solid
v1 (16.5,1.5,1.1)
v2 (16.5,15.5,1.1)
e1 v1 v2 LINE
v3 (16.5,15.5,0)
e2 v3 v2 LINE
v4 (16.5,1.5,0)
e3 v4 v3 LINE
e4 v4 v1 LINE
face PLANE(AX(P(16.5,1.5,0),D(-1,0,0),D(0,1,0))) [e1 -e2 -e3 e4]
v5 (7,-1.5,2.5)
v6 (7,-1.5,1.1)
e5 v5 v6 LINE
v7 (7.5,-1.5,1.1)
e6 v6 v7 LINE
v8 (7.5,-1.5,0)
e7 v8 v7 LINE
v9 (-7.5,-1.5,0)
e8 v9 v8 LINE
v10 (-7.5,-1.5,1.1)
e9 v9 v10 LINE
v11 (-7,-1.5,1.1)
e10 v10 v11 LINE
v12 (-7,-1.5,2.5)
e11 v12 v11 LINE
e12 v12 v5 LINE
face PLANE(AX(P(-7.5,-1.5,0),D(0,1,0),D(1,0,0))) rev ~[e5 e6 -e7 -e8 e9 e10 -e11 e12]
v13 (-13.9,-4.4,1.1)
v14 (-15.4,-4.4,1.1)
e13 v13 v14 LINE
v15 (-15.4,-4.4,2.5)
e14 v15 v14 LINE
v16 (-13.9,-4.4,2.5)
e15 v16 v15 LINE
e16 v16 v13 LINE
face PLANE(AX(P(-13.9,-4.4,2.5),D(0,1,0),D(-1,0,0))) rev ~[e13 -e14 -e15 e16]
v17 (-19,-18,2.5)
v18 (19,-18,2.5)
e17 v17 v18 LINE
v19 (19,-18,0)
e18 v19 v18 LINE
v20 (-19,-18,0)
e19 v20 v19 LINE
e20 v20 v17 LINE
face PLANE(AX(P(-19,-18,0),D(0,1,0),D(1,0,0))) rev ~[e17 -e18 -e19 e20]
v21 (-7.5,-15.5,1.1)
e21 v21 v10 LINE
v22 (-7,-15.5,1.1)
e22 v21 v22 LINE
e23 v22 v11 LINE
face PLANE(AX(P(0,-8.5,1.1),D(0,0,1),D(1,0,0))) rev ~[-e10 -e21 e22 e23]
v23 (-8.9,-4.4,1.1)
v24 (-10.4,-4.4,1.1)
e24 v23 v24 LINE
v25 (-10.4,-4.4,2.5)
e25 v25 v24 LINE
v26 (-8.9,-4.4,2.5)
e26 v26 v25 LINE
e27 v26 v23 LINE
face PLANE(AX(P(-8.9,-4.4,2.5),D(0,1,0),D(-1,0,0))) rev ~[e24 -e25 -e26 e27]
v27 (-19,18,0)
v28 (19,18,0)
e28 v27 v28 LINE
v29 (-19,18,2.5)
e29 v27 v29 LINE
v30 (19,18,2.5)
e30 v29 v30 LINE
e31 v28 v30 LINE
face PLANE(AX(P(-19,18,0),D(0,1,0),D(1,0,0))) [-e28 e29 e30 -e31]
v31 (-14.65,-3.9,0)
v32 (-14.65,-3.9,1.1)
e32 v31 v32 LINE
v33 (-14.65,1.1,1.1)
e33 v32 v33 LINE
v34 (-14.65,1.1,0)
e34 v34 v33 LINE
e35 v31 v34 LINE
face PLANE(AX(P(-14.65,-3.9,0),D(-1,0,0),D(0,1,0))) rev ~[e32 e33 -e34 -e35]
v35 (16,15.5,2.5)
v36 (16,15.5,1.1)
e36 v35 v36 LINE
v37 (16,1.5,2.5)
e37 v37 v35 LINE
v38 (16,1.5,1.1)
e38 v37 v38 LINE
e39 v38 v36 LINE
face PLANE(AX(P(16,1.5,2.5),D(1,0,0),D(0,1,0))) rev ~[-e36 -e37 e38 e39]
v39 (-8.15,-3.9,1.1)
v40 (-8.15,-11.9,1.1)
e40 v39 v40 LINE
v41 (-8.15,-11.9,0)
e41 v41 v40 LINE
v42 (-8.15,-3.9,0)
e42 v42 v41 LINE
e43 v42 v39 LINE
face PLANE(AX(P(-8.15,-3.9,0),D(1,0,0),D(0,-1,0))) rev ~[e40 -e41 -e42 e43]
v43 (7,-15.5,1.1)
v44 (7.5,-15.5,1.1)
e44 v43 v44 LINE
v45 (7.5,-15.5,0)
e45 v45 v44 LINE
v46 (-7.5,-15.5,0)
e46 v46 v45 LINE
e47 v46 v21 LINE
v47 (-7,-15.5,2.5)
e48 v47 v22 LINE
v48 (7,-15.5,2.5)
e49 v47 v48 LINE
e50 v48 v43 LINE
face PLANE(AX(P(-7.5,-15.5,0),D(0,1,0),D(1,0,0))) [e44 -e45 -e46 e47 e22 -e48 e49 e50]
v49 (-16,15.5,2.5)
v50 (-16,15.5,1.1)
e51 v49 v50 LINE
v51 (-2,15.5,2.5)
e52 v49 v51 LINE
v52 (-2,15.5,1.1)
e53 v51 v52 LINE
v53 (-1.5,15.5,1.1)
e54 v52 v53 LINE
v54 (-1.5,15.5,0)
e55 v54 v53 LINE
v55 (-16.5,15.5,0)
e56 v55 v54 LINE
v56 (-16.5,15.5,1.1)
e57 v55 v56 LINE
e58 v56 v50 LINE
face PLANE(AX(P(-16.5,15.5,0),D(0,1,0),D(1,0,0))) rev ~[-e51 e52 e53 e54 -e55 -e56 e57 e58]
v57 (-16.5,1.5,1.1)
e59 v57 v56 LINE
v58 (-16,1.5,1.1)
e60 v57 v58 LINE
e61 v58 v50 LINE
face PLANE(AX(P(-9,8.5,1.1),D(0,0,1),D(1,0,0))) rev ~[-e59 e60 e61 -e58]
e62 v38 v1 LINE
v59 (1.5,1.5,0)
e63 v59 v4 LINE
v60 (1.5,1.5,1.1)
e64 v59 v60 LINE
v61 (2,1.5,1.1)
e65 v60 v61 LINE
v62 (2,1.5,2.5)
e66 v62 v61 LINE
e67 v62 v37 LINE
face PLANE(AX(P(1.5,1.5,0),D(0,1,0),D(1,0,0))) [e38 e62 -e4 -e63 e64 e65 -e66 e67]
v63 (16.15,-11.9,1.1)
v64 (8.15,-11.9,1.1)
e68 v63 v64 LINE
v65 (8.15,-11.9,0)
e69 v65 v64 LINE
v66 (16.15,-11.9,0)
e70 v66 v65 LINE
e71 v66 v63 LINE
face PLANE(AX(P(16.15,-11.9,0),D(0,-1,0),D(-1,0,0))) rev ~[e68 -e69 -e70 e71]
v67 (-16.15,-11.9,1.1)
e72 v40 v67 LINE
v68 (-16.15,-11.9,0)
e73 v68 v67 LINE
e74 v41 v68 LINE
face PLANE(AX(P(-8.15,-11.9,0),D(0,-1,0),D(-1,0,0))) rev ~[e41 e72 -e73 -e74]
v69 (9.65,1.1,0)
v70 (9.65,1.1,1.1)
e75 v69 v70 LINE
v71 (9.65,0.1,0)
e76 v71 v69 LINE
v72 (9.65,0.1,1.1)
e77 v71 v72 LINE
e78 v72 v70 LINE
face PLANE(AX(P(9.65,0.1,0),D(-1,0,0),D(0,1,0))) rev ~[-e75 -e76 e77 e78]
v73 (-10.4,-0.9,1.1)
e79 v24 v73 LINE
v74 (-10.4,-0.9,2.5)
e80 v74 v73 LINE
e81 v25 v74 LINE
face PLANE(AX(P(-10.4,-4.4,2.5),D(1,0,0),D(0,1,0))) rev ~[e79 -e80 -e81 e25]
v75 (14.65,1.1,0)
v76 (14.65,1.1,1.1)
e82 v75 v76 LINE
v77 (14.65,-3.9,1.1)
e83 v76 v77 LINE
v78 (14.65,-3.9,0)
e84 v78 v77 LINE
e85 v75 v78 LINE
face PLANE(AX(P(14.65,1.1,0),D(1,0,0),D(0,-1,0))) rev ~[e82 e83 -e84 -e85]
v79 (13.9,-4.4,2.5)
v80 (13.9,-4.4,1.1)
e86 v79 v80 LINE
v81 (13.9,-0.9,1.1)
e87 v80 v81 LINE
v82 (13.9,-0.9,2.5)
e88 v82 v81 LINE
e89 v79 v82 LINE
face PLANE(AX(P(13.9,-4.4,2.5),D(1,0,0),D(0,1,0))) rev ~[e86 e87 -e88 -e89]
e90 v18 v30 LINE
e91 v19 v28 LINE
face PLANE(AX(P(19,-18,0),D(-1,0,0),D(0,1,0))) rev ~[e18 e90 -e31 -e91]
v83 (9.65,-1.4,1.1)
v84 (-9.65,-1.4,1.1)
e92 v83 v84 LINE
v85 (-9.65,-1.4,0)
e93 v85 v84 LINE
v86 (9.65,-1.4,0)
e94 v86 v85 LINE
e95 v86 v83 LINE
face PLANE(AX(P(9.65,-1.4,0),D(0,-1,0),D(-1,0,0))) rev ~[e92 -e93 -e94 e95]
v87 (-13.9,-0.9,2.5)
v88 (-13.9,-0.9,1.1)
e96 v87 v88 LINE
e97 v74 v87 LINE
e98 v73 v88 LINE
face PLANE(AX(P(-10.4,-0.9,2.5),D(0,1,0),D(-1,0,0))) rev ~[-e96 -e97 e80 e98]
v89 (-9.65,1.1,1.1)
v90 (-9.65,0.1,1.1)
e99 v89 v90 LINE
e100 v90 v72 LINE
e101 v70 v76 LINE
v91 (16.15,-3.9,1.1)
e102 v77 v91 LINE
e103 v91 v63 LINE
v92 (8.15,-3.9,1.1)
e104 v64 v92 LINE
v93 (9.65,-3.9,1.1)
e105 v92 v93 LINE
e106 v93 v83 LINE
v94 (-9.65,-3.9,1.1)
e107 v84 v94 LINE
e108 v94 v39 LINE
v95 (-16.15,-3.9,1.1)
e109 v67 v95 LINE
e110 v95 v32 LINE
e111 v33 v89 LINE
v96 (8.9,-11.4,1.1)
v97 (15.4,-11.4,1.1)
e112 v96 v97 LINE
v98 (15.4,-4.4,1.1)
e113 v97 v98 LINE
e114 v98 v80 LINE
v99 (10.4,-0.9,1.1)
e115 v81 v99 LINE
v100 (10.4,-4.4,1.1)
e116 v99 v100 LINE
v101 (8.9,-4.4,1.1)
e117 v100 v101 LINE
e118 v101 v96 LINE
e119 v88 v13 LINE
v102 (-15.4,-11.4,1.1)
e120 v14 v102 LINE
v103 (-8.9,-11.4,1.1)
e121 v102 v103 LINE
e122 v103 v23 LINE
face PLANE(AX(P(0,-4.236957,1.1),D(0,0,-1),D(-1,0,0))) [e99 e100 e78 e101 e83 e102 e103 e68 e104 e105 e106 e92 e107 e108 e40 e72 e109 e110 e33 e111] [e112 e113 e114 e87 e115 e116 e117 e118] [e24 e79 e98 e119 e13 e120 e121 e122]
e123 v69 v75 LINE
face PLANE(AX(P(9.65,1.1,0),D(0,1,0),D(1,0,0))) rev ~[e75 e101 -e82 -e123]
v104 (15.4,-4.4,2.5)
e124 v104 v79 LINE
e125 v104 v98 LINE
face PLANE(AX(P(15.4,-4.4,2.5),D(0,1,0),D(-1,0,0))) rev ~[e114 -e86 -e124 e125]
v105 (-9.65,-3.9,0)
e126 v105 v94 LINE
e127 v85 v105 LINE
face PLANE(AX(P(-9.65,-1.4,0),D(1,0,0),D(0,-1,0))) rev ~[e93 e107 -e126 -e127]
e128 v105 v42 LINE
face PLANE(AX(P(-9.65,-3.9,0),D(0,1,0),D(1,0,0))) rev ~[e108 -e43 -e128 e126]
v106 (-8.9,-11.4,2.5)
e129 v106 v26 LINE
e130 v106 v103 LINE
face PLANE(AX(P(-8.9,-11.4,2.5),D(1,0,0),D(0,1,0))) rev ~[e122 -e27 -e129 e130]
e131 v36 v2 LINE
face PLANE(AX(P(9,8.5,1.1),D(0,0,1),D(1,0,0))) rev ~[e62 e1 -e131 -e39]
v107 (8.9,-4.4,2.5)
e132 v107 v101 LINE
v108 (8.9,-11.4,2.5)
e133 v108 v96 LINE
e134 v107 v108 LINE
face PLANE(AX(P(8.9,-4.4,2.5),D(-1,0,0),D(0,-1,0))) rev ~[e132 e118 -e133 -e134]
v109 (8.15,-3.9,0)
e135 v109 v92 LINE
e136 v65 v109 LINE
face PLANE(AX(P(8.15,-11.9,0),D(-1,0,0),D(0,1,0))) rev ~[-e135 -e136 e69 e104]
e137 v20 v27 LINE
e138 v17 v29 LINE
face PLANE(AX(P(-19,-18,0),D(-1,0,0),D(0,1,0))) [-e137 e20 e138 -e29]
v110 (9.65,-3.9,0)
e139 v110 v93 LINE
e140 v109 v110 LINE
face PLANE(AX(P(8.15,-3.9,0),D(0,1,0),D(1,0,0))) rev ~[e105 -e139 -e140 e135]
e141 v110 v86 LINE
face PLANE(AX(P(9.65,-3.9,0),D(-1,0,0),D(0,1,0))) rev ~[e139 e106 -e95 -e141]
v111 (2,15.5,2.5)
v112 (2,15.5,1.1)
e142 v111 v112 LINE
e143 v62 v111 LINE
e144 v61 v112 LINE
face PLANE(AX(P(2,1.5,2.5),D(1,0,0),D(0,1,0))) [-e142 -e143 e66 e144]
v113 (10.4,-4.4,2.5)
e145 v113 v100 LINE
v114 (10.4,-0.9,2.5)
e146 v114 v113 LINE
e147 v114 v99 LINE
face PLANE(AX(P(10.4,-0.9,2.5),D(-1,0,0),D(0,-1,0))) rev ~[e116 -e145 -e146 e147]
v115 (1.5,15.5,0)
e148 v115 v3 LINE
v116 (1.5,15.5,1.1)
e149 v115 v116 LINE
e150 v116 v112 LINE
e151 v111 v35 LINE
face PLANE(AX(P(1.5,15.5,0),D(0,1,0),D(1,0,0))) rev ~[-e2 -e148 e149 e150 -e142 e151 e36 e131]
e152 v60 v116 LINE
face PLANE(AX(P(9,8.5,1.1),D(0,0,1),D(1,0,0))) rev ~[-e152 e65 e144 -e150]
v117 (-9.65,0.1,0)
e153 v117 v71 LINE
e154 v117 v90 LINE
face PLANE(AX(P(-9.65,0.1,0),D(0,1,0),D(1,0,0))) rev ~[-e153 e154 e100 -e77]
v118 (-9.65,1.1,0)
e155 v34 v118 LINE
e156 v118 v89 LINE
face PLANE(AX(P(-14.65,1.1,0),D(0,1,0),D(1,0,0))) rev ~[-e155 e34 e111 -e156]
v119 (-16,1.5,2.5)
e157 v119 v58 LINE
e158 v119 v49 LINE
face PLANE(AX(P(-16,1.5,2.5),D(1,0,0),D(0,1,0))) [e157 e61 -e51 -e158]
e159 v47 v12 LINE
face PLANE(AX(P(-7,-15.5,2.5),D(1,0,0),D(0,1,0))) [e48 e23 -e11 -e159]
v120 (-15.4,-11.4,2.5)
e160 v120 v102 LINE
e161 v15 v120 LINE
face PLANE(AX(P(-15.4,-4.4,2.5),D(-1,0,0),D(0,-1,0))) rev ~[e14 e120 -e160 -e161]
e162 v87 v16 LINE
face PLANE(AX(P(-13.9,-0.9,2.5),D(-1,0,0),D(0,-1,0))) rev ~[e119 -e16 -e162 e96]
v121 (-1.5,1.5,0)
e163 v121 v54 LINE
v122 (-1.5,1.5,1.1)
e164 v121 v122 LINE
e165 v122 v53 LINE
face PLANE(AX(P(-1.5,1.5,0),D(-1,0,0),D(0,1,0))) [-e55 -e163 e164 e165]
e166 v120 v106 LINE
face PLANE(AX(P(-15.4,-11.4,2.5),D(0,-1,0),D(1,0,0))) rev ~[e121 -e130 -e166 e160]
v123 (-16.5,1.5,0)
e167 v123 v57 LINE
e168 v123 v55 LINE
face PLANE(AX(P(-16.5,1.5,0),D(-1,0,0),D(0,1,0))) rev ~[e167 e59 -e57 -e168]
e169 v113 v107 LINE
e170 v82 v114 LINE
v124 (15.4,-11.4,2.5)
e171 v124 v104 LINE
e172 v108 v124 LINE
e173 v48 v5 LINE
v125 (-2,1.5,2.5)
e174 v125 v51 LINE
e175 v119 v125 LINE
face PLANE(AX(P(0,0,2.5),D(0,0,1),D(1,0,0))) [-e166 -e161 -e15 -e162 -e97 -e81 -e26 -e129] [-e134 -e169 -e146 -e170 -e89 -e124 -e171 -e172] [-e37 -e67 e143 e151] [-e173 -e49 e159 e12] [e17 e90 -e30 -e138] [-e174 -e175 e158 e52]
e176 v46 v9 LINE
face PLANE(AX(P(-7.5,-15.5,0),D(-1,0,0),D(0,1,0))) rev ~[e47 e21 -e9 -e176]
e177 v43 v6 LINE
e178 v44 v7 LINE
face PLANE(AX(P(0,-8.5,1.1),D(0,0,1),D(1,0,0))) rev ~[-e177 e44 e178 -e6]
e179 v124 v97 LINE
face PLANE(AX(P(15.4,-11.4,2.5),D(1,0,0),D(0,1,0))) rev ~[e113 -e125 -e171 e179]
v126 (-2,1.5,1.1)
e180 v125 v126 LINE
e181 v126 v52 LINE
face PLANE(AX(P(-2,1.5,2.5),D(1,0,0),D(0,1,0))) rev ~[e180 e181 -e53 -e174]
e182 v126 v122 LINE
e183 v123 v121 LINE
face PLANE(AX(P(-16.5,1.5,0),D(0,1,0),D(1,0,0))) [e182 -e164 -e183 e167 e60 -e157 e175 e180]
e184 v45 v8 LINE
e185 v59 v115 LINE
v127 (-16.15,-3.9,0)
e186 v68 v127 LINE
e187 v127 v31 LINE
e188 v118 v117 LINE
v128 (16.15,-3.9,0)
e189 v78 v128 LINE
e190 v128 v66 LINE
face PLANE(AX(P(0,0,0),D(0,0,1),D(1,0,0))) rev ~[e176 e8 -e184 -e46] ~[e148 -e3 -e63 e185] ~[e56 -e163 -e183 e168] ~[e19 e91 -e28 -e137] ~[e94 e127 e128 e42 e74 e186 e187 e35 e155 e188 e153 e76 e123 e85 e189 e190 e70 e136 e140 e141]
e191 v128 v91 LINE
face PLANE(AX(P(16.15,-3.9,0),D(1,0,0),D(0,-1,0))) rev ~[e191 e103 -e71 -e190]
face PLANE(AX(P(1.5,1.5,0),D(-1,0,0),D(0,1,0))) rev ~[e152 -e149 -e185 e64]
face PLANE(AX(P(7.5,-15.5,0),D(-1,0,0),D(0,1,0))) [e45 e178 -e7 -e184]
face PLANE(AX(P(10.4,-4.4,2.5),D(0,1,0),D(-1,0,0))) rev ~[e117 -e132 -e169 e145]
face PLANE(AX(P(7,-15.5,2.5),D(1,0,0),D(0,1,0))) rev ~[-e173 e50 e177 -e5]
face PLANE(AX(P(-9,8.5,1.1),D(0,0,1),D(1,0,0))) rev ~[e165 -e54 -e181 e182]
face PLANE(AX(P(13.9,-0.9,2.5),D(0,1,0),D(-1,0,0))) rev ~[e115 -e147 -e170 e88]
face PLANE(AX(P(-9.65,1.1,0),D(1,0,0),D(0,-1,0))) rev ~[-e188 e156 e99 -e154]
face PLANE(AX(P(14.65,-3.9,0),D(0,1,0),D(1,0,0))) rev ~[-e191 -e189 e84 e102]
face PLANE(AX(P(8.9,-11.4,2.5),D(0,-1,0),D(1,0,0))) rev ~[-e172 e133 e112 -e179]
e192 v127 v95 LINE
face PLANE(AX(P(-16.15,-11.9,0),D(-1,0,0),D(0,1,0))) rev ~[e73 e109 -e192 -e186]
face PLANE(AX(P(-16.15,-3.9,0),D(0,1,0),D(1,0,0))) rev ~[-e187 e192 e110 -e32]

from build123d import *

# Parameters (mm, degrees)
SKETCH_W        = 38
SKETCH_H        = 36
PAD_DEPTH       = 2.5
SKETCH001_W     = 14
SKETCH001_H     = 14
POCKET_DEPTH    = 1.4
SKETCH002_W     = 15
SKETCH002_H     = 14
POCKET001_DEPTH = 1.1


with BuildPart() as part:
    # Sketch → Pad (new body)
    with BuildSketch(Plane.XY):
        Rectangle(SKETCH_W, SKETCH_H)
    extrude(amount=PAD_DEPTH)

    # Sketch001 (on DatumPlane) → Pocket (cut)
    with BuildSketch(Plane.XY.offset(2.5)):
        with Locations((-9, 8.5)):
            Rectangle(SKETCH001_W, SKETCH001_H)
        with Locations((9, 8.5)):
            Rectangle(SKETCH001_W, SKETCH001_H)
        with Locations((0, -8.5)):
            Rectangle(SKETCH001_W, SKETCH001_H)
        Polygon((10.4, -0.9), (10.4, -4.4), (8.9, -4.4), (8.9, -11.4), (15.4, -11.4), (15.4, -4.4), (13.9, -4.4), (13.9, -0.9), align=None)
        Polygon((-15.4, -11.4), (-8.9, -11.4), (-8.9, -4.4), (-10.4, -4.4), (-10.4, -0.9), (-13.9, -0.9), (-13.9, -4.4), (-15.4, -4.4), align=None)
    extrude(amount=-POCKET_DEPTH, mode=Mode.SUBTRACT)

    # Sketch002 → Pocket001 (cut)
    with BuildSketch(Plane.XY):
        with Locations((9, 8.5)):
            Rectangle(SKETCH002_W, SKETCH002_H)
        with Locations((-9, 8.5)):
            Rectangle(SKETCH002_W, SKETCH002_H)
        with Locations((0, -8.5)):
            Rectangle(SKETCH002_W, SKETCH002_H)
        Polygon((8.15, -11.9), (8.15, -3.9), (9.65, -3.9), (9.65, -1.4), (-9.65, -1.4), (-9.65, -3.9), (-8.15, -3.9), (-8.15, -11.9), (-16.15, -11.9), (-16.15, -3.9), (-14.65, -3.9), (-14.65, 1.1), (-9.65, 1.1), (-9.65, 0.1), (9.65, 0.1), (9.65, 1.1), (14.65, 1.1), (14.65, -3.9), (16.15, -3.9), (16.15, -11.9), align=None)
    extrude(amount=POCKET001_DEPTH, mode=Mode.SUBTRACT)


solid = part.part
